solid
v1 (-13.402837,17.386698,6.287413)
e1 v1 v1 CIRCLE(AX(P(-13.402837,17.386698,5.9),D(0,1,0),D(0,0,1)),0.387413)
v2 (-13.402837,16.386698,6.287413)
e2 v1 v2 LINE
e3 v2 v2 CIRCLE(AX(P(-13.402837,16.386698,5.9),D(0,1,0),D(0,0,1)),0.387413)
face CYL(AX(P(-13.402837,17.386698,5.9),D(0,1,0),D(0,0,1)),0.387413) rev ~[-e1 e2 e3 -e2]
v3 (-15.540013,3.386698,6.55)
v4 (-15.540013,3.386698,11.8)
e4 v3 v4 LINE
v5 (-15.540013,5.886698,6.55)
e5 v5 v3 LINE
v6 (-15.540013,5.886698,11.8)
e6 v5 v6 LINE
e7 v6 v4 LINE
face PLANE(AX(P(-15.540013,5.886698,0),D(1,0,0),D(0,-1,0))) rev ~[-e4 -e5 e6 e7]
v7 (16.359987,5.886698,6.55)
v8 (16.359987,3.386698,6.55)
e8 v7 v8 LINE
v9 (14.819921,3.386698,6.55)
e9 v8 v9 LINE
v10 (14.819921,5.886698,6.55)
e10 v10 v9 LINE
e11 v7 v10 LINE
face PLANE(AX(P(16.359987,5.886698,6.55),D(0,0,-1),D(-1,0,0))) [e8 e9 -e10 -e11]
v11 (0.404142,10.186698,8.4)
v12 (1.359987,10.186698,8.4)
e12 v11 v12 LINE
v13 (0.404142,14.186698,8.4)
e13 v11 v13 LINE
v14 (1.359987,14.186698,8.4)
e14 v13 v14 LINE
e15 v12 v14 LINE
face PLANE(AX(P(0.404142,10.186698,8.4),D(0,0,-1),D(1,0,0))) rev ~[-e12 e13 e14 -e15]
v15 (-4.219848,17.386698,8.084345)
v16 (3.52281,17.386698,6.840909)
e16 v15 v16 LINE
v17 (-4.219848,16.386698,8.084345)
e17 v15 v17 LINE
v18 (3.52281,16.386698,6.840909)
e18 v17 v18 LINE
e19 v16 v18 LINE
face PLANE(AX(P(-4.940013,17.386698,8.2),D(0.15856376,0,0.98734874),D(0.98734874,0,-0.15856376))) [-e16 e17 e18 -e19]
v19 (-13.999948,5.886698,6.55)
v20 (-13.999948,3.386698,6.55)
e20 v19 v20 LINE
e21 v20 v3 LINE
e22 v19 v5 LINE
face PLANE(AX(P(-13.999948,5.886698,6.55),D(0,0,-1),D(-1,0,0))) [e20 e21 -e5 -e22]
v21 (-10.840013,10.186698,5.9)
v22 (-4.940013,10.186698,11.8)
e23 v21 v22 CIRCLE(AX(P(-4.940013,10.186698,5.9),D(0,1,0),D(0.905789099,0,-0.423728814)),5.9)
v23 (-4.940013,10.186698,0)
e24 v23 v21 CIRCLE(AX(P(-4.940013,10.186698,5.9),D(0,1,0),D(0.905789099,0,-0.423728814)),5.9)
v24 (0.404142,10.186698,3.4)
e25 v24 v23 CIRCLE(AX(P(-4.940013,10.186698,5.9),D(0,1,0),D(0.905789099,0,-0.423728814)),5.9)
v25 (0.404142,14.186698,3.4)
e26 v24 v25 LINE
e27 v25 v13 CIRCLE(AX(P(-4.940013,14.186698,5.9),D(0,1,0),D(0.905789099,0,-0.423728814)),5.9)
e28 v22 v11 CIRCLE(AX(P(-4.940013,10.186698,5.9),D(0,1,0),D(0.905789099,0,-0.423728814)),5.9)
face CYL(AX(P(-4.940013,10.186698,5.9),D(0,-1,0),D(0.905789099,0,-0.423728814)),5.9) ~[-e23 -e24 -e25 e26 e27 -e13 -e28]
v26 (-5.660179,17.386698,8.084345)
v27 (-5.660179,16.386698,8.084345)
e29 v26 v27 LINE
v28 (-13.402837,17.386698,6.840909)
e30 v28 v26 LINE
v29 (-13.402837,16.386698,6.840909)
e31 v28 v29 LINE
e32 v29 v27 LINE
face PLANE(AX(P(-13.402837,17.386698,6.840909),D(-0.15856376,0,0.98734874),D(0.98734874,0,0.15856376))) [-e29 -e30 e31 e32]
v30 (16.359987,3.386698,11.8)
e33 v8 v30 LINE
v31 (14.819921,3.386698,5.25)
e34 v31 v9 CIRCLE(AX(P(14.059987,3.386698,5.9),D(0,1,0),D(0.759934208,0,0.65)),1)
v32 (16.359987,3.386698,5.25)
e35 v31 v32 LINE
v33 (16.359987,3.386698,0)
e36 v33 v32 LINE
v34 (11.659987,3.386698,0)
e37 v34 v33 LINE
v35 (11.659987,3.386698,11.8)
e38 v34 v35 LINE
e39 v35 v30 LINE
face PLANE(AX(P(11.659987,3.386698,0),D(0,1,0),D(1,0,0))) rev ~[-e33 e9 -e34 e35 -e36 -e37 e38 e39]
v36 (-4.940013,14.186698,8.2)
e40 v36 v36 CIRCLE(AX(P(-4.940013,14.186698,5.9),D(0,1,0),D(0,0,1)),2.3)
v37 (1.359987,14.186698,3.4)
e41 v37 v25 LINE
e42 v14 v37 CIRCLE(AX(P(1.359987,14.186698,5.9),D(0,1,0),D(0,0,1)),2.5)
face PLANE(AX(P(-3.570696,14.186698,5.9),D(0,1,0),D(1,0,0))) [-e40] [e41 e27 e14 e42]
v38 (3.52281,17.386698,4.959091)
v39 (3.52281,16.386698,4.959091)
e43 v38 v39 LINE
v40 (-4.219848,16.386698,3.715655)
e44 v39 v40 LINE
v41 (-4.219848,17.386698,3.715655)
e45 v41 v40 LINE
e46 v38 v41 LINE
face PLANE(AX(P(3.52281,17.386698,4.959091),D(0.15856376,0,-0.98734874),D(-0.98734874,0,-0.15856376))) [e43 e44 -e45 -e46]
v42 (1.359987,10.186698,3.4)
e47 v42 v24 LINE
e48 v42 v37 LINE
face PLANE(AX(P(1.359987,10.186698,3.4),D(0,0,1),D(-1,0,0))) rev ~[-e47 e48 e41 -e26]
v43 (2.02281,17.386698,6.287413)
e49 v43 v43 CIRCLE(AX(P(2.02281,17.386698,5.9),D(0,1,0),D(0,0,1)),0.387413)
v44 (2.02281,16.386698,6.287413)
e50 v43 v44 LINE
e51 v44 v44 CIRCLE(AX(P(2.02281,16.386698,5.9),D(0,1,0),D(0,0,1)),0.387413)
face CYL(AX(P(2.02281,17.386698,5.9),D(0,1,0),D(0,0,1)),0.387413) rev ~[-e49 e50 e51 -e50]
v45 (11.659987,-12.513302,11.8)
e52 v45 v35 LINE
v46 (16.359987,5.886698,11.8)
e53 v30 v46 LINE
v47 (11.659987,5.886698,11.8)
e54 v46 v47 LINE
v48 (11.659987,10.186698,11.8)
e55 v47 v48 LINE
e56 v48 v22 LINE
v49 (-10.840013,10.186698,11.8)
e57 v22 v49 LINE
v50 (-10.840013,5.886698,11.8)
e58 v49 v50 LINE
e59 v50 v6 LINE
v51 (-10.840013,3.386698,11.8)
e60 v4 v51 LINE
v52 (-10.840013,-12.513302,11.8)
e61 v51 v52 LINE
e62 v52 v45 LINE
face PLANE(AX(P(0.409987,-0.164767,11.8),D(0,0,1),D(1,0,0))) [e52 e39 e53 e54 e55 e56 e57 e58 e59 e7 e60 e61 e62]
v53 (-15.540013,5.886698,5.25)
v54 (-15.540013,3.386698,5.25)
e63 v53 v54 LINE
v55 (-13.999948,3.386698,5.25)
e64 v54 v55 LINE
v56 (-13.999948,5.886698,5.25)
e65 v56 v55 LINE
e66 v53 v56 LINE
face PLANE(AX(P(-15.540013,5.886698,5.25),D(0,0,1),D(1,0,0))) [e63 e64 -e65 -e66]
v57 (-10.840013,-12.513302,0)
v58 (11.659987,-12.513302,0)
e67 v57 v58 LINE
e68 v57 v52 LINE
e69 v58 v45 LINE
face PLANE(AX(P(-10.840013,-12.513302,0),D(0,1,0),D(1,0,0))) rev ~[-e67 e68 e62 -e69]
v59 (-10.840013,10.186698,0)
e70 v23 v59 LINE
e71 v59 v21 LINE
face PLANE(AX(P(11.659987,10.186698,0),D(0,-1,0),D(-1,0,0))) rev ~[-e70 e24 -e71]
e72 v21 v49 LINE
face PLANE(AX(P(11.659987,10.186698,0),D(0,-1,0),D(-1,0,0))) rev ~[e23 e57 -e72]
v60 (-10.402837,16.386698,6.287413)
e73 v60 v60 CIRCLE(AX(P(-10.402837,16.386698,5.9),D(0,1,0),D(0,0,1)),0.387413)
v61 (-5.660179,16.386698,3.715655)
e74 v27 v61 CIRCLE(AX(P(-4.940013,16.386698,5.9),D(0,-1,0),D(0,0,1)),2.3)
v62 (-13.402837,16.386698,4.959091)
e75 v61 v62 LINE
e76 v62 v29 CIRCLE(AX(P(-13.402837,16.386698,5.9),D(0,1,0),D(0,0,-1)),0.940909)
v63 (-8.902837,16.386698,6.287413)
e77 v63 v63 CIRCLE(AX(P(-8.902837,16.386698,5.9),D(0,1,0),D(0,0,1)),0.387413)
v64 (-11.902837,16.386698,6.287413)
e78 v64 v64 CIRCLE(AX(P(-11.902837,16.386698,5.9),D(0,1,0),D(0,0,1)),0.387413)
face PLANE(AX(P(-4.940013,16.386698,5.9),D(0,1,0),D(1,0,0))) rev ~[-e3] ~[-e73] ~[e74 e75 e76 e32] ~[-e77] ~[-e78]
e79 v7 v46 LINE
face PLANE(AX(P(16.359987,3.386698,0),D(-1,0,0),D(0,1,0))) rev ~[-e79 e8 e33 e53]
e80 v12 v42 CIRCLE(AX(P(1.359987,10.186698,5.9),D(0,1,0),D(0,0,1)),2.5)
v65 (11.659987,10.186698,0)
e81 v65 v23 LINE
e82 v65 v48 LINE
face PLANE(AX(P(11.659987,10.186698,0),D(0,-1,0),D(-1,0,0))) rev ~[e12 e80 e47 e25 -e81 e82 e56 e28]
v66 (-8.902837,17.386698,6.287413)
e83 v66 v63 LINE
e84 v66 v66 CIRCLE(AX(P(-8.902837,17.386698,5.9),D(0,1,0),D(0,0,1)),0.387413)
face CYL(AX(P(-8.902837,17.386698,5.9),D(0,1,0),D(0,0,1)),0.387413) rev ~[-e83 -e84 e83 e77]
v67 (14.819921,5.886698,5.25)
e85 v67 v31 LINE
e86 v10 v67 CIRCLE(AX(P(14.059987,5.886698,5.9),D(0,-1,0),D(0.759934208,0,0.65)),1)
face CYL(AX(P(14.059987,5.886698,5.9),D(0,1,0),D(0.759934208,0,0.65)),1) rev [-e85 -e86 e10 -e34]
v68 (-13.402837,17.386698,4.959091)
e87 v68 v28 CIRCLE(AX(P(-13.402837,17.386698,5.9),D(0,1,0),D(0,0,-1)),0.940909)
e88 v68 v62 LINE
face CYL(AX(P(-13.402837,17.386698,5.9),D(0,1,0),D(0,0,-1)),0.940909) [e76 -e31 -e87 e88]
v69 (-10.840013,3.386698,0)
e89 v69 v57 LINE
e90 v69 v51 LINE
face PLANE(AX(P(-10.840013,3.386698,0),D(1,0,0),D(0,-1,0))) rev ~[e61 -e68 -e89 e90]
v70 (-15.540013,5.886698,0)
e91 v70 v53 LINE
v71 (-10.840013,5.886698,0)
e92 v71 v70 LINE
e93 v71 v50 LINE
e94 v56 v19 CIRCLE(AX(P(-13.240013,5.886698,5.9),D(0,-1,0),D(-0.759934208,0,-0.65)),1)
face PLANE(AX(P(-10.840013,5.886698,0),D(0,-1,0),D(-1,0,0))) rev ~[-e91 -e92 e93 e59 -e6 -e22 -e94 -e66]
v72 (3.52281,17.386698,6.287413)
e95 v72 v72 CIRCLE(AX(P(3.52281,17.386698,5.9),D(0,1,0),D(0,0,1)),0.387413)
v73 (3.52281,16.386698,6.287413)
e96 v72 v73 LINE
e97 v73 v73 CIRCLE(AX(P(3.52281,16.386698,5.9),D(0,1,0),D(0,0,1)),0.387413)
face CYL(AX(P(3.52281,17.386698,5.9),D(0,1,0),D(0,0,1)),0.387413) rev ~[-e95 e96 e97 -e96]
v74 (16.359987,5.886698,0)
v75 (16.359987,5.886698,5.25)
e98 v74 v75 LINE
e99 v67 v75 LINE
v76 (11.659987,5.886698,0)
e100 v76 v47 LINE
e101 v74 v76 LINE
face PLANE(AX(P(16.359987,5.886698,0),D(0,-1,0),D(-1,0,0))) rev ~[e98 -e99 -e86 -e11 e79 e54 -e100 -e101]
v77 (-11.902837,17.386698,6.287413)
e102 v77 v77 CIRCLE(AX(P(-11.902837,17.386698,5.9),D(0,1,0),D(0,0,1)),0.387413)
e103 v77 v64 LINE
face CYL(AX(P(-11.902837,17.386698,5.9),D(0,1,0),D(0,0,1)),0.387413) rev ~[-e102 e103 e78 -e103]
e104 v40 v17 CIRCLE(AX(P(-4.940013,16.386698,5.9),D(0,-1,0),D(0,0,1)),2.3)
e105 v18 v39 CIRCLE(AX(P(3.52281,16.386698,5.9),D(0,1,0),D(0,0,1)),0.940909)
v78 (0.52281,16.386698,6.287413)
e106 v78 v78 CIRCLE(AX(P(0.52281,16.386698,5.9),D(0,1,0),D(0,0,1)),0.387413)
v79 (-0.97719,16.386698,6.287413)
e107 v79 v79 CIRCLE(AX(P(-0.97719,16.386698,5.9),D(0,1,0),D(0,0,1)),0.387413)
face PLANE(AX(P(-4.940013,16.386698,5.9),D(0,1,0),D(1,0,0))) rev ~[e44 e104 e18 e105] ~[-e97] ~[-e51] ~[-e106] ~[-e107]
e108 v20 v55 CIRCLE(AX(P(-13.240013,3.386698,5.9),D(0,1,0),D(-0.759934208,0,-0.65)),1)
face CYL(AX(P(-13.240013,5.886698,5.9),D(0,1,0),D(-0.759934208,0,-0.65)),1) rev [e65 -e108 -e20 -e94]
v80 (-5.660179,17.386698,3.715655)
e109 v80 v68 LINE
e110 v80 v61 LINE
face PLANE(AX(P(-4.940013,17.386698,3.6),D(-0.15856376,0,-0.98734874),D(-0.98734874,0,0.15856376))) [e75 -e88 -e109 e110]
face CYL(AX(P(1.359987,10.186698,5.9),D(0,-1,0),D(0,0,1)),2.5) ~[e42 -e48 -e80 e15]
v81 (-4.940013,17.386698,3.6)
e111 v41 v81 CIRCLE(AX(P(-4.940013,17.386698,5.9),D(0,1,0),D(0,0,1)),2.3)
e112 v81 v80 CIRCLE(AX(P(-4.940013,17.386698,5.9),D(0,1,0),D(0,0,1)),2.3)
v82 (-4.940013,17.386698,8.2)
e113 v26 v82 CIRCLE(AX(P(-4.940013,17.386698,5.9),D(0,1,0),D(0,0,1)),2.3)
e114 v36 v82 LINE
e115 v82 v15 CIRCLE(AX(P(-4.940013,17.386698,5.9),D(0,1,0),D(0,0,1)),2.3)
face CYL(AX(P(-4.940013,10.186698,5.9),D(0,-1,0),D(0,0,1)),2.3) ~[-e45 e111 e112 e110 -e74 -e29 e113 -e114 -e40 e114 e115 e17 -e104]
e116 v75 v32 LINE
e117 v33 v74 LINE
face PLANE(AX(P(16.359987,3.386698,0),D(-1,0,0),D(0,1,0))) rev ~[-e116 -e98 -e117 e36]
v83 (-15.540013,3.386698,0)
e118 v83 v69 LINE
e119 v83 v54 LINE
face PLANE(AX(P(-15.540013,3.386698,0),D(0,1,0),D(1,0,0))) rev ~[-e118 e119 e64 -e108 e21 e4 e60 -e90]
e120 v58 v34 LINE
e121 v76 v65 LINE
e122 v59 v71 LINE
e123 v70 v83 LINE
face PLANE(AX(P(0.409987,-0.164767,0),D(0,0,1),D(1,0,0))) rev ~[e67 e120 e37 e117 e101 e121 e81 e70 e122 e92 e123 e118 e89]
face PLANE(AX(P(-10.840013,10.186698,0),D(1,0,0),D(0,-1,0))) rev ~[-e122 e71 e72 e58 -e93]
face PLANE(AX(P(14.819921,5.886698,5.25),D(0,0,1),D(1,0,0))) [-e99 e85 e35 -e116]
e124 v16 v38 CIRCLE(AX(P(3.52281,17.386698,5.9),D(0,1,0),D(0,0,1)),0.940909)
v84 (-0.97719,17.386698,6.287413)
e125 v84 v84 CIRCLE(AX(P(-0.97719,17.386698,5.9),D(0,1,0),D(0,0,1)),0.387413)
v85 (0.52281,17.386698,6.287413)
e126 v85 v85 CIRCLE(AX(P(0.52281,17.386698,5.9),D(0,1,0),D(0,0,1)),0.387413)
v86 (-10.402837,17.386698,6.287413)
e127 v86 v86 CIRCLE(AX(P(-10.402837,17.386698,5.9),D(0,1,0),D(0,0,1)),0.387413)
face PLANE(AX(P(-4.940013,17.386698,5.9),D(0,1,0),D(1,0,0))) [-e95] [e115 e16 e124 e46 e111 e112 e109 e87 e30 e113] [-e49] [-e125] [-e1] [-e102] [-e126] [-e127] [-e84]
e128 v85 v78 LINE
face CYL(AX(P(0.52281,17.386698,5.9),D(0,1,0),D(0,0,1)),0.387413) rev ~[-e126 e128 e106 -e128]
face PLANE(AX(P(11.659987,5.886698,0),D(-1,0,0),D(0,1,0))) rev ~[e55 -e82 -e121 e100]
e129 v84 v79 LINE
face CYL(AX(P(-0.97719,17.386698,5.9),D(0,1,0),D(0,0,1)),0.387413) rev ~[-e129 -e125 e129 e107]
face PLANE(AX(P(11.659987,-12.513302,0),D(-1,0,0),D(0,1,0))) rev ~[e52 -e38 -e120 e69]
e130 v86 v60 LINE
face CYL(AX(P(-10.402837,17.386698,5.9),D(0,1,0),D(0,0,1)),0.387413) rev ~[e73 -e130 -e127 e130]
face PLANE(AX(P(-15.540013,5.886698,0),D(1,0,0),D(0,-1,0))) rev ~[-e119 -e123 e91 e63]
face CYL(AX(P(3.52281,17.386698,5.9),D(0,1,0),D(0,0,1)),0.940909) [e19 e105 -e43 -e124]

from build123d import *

# Parameters (mm, degrees)
SALIENTE_EXTRUIR1_DEPTH = 11.8
CROQUIS2_R              = 2.3
SALIENTE_EXTRUIR2_DEPTH = 4
CROQUIS3_R              = 2.3
SALIENTE_EXTRUIR3_DEPTH = 7.2
CORTAR_EXTRUIR1_DEPTH   = 7.2
CROQUIS5_R              = 0.38741291
SALIENTE_EXTRUIR4_DEPTH = 1


with BuildPart() as part:
    # Croquis1 → Saliente-Extruir1 (new body)
    with BuildSketch(Plane.XY):
        Polygon((-10.840013315, -12.513302196), (11.659986685, -12.513302196), (11.659986685, 3.386697804), (16.359986685, 3.386697804), (16.359986685, 5.886697804), (11.659986685, 5.886697804), (11.659986685, 10.186697804), (-10.840013315, 10.186697804), (-10.840013315, 5.886697804), (-15.540013315, 5.886697804), (-15.540013315, 3.386697804), (-10.840013315, 3.386697804), align=None)
    extrude(amount=SALIENTE_EXTRUIR1_DEPTH)

    # Croquis2 → Saliente-Extruir2 (add)
    with BuildSketch(Plane(origin=(0, 10.186697804, 0), x_dir=(1, 0, 0), z_dir=(0, 1, 0))):
        with BuildLine():
            Line((1.359986685, -3.4), (0.404142371, -3.4))
            ThreePointArc((0.404142371, -3.4), (-10.840013315, -5.9), (0.404142371, -8.4))
            Line((0.404142371, -8.4), (1.359986685, -8.4))
            ThreePointArc((1.359986685, -8.4), (3.859986685, -5.9), (1.359986685, -3.4))
        make_face()
        with Locations(Location((-4.940013315, -5.9, 0), (0, 0, 270))):
            Circle(CROQUIS2_R, mode=Mode.SUBTRACT)
    extrude(amount=SALIENTE_EXTRUIR2_DEPTH)

    # Croquis3 → Saliente-Extruir3 (add)
    with BuildSketch(Plane(origin=(0, 10.186697804, 0), x_dir=(1, 0, 0), z_dir=(0, 1, 0))):
        with Locations(Location((-4.940013315, -5.9, 0), (0, 0, 270))):
            Circle(CROQUIS3_R)
    extrude(amount=SALIENTE_EXTRUIR3_DEPTH)

    # Croquis4 → Cortar-Extruir1 (cut)
    with BuildSketch(Plane(origin=(0, 5.886697804, 0), x_dir=(1, 0, 0), z_dir=(0, 1, 0))):
        with BuildLine():
            Line((16.359986685, -5.25), (16.359986685, -6.55))
            Line((16.359986685, -6.55), (14.819920893, -6.55))
            ThreePointArc((14.819920893, -6.55), (13.059986685, -5.9), (14.819920893, -5.25))
            Line((14.819920893, -5.25), (16.359986685, -5.25))
        make_face()
        with BuildLine():
            Line((-15.540013315, -6.55), (-15.540013315, -5.25))
            Line((-15.540013315, -5.25), (-13.999947523, -5.25))
            ThreePointArc((-13.999947523, -5.25), (-12.240013315, -5.9), (-13.999947523, -6.55))
            Line((-13.999947523, -6.55), (-15.540013315, -6.55))
        make_face()
    extrude(amount=-CORTAR_EXTRUIR1_DEPTH, mode=Mode.SUBTRACT)

    # Croquis5 → Saliente-Extruir4 (add)
    with BuildSketch(Plane(origin=(0, 17.386697804, 0), x_dir=(1, 0, 0), z_dir=(0, 1, 0))):
        with BuildLine():
            Line((3.522810247, -4.959091344), (-4.940013315, -3.6))
            Line((-4.940013315, -3.6), (-13.402836876, -4.959091344))
            ThreePointArc((-13.402836876, -4.959091344), (-14.343745532, -5.9), (-13.402836876, -6.840908656))
            Line((-13.402836876, -6.840908656), (-4.940013315, -8.2))
            Line((-4.940013315, -8.2), (3.522810247, -6.840908656))
            ThreePointArc((3.522810247, -6.840908656), (4.463718903, -5.9), (3.522810247, -4.959091344))
        make_face()
        with Locations(Location((3.522810247, -5.9, 0), (0, 0, 270))):
            Circle(CROQUIS5_R, mode=Mode.SUBTRACT)
        with Locations(Location((2.022810247, -5.9, 0), (0, 0, 270))):
            Circle(CROQUIS5_R, mode=Mode.SUBTRACT)
        with Locations(Location((0.522810247, -5.9, 0), (0, 0, 270))):
            Circle(CROQUIS5_R, mode=Mode.SUBTRACT)
        with Locations(Location((-0.977189753, -5.9, 0), (0, 0, 270))):
            Circle(CROQUIS5_R, mode=Mode.SUBTRACT)
        with Locations(Location((-13.402836876, -5.9, 0), (0, 0, 270))):
            Circle(CROQUIS5_R, mode=Mode.SUBTRACT)
        with Locations(Location((-11.902836876, -5.9, 0), (0, 0, 270))):
            Circle(CROQUIS5_R, mode=Mode.SUBTRACT)
        with Locations(Location((-10.402836876, -5.9, 0), (0, 0, 270))):
            Circle(CROQUIS5_R, mode=Mode.SUBTRACT)
        with Locations(Location((-8.902836876, -5.9, 0), (0, 0, 270))):
            Circle(CROQUIS5_R, mode=Mode.SUBTRACT)
    extrude(amount=-SALIENTE_EXTRUIR4_DEPTH)


solid = part.part
